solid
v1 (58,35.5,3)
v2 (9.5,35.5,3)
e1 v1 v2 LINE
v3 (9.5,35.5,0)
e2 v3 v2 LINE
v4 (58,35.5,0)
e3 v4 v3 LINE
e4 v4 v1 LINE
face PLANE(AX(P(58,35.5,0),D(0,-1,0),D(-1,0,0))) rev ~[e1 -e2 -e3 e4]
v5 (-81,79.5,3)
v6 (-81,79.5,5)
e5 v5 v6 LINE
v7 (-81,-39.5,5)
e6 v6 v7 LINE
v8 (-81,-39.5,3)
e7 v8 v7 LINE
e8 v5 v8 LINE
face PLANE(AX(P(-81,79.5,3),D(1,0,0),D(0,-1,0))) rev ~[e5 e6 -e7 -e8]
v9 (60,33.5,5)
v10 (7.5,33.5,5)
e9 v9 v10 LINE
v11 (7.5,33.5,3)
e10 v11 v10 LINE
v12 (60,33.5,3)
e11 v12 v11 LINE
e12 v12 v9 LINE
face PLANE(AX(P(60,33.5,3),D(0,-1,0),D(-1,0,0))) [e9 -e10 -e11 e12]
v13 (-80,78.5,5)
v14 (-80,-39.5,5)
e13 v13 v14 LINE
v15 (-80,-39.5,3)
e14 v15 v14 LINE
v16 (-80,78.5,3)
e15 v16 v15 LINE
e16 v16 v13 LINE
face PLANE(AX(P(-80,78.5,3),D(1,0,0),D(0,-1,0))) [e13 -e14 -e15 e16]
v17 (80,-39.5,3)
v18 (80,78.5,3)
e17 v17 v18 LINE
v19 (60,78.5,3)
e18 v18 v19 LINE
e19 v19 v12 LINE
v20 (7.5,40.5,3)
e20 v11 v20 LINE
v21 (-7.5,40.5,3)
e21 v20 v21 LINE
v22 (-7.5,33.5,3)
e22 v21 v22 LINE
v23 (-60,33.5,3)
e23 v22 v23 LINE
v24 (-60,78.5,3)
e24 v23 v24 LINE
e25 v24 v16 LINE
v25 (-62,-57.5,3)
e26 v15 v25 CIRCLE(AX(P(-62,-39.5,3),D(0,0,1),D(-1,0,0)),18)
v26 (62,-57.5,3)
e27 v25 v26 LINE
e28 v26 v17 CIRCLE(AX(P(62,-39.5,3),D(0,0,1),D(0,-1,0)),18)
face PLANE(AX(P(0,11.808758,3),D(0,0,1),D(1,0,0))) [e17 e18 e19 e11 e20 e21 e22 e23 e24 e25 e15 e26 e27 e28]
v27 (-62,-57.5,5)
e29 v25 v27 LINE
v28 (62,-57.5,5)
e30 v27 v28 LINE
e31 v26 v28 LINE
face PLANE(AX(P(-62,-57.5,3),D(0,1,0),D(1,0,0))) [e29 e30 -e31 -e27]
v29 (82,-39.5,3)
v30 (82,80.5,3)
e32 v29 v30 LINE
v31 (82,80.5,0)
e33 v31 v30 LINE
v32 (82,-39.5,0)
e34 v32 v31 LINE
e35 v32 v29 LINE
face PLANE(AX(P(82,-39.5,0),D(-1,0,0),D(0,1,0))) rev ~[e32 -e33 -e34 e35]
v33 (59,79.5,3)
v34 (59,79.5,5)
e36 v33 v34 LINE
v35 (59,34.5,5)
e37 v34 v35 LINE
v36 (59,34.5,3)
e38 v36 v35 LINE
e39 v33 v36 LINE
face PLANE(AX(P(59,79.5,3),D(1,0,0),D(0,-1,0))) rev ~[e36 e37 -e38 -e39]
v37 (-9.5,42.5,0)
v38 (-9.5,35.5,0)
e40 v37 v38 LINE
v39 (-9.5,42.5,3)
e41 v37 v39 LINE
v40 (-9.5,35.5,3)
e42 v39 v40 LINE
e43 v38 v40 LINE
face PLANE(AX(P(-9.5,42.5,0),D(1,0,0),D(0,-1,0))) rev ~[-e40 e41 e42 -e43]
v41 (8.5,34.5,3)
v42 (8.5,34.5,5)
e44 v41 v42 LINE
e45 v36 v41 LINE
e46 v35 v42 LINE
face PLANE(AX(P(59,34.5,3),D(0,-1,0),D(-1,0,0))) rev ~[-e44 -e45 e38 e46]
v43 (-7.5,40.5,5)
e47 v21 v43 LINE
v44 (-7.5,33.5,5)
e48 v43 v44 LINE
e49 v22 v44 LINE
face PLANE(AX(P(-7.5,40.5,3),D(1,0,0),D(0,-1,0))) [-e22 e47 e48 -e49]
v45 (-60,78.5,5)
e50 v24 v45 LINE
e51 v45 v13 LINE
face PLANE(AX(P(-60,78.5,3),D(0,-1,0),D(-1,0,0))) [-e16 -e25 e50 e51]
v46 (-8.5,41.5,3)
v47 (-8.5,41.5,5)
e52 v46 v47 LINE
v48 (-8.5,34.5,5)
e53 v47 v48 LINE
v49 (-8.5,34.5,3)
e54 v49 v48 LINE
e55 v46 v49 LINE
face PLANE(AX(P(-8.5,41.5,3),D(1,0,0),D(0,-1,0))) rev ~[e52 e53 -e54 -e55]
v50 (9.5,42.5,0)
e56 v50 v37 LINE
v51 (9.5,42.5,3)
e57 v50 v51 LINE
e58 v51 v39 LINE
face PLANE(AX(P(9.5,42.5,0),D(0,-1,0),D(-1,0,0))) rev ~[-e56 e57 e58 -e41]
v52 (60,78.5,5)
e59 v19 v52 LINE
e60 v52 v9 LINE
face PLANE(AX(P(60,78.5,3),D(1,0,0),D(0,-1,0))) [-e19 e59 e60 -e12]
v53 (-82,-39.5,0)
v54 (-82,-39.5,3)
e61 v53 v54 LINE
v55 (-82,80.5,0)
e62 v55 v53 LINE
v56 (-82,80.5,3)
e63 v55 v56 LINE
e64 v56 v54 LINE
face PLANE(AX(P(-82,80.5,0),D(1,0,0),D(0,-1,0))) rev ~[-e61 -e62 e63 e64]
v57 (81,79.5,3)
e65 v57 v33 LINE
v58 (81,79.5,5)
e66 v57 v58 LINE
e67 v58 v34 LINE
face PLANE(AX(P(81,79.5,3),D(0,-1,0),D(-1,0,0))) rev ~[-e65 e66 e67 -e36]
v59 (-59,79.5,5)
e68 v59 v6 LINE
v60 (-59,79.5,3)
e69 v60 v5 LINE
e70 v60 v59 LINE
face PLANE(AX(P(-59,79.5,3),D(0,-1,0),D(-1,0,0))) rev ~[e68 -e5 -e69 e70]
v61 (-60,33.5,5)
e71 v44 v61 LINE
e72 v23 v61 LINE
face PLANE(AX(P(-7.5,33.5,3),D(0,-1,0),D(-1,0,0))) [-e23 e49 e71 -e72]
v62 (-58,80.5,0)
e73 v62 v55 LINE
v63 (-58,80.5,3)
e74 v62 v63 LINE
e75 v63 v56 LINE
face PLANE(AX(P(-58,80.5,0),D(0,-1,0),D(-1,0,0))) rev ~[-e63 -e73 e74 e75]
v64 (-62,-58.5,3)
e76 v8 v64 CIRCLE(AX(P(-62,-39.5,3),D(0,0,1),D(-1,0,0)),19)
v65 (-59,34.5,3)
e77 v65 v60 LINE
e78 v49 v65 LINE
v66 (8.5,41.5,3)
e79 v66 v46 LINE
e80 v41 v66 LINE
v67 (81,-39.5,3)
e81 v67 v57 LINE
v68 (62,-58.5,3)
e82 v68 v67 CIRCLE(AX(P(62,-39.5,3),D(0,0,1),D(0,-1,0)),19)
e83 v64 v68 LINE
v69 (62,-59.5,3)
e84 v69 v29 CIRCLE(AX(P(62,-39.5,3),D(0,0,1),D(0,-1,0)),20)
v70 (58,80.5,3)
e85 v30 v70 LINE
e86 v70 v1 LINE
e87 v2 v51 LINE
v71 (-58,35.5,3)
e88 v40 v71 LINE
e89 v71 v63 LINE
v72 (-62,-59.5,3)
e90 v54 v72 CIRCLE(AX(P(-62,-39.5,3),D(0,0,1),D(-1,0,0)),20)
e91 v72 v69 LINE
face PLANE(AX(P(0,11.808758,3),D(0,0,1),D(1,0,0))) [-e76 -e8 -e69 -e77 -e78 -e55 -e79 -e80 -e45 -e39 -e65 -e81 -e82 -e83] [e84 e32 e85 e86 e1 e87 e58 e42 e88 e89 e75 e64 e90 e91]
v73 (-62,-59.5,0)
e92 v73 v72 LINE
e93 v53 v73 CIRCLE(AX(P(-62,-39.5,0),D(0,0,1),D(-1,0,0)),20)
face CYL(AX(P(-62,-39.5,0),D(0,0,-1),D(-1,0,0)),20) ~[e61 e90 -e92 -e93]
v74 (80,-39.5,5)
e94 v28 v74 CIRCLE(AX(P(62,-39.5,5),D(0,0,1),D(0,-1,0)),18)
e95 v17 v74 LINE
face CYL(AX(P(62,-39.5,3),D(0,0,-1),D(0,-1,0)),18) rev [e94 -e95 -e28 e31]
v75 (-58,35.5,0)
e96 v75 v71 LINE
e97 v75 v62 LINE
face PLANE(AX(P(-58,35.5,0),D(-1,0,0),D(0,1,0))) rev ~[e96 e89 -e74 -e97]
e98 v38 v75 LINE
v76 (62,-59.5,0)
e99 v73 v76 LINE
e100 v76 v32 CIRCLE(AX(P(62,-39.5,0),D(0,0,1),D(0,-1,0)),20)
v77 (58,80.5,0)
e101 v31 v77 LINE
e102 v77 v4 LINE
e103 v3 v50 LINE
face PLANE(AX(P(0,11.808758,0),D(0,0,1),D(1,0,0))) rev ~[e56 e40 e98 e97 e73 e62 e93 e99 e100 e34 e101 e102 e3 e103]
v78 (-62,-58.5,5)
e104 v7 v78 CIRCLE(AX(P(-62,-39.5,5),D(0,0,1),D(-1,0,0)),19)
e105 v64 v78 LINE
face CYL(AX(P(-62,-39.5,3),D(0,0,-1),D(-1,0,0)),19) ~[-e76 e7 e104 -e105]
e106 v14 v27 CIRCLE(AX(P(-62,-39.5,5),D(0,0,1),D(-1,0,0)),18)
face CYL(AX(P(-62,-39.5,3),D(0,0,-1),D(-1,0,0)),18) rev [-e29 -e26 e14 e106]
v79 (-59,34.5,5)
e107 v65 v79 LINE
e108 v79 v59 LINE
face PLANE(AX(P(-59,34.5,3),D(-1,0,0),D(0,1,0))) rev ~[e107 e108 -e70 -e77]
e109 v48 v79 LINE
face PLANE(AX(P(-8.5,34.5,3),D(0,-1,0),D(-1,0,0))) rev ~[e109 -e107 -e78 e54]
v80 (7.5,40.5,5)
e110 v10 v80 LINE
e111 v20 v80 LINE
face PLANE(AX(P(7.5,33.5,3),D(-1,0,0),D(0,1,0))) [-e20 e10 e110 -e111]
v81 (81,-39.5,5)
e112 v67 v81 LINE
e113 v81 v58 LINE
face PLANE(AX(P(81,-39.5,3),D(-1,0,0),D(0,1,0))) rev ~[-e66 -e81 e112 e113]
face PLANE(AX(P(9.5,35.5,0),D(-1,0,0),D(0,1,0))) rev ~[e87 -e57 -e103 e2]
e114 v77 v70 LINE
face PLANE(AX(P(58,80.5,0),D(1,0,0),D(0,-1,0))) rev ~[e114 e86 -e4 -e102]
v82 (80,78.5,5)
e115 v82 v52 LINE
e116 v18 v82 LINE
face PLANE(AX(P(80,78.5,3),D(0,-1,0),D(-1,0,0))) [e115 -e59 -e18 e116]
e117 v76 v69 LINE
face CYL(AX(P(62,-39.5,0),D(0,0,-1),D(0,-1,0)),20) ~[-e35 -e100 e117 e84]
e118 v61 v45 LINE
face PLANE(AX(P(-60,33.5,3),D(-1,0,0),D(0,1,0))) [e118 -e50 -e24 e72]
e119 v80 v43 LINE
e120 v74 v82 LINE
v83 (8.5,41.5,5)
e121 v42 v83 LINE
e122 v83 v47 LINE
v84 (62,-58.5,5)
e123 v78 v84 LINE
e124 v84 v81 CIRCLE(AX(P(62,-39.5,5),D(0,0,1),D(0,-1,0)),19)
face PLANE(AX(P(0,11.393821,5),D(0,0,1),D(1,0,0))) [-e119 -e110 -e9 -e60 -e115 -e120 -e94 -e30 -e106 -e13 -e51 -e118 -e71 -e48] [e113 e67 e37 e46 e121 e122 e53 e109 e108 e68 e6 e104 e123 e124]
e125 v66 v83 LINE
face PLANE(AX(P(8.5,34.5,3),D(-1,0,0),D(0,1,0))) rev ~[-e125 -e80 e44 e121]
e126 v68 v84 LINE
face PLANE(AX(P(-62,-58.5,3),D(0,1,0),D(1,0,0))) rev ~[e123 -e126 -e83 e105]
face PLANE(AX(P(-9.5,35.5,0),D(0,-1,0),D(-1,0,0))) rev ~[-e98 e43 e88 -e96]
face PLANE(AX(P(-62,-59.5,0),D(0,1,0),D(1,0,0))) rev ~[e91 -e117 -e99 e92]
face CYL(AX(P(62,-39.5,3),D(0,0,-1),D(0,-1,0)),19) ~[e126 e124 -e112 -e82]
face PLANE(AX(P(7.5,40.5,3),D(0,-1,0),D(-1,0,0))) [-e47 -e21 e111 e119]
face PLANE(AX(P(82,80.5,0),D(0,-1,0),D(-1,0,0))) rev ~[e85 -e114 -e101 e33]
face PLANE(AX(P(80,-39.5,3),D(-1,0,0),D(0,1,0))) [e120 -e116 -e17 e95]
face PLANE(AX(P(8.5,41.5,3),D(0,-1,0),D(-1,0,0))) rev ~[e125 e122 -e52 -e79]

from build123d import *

# Parameters (mm, degrees)
RESSALTO_EXTRUS_O1_DEPTH = 3
RESSALTO_EXTRUS_O2_DEPTH = 2


with BuildPart() as part:
    # Esboço1 → Ressalto-extrusão1 (new body)
    with BuildSketch(Plane.XY):
        with BuildLine():
            Line((-58, 35.5), (-58, 80.5))
            Line((-58, 80.5), (-82, 80.5))
            Line((-82, 80.5), (-82, -39.5))
            ThreePointArc((-82, -39.5), (-76.142135624, -53.642135624), (-62, -59.5))
            Line((-62, -59.5), (62, -59.5))
            ThreePointArc((62, -59.5), (76.142135624, -53.642135624), (82, -39.5))
            Line((82, -39.5), (82, 80.5))
            Line((82, 80.5), (58, 80.5))
            Line((58, 80.5), (58, 35.5))
            Line((58, 35.5), (9.5, 35.5))
            Line((9.5, 35.5), (9.5, 42.5))
            Line((9.5, 42.5), (-9.5, 42.5))
            Line((-9.5, 42.5), (-9.5, 35.5))
            Line((-9.5, 35.5), (-58, 35.5))
        make_face()
    extrude(amount=RESSALTO_EXTRUS_O1_DEPTH)

    # Esboço2 → Ressalto-extrusão2 (add)
    with BuildSketch(Plane.XY.offset(3)):
        with BuildLine():
            Line((-8.5, 34.5), (-59, 34.5))
            Line((-59, 34.5), (-59, 79.5))
            Line((-59, 79.5), (-81, 79.5))
            Line((-81, 79.5), (-81, -39.5))
            ThreePointArc((-81, -39.5), (-75.435028843, -52.935028843), (-62, -58.5))
            Line((-62, -58.5), (62, -58.5))
            ThreePointArc((62, -58.5), (75.435028843, -52.935028843), (81, -39.5))
            Line((81, -39.5), (81, 79.5))
            Line((81, 79.5), (59, 79.5))
            Line((59, 79.5), (59, 34.5))
            Line((59, 34.5), (8.5, 34.5))
            Line((8.5, 34.5), (8.5, 41.5))
            Line((8.5, 41.5), (-8.5, 41.5))
            Line((-8.5, 41.5), (-8.5, 34.5))
        make_face()
        with BuildLine():
            Line((-80, 78.5), (-80, -39.5))
            ThreePointArc((-80, -39.5), (-74.727922061, -52.227922061), (-62, -57.5))
            Line((-62, -57.5), (62, -57.5))
            ThreePointArc((62, -57.5), (74.727922061, -52.227922061), (80, -39.5))
            Line((80, -39.5), (80, 78.5))
            Line((80, 78.5), (60, 78.5))
            Line((60, 78.5), (60, 33.5))
            Line((60, 33.5), (7.5, 33.5))
            Line((7.5, 33.5), (7.5, 40.5))
            Line((7.5, 40.5), (-7.5, 40.5))
            Line((-7.5, 40.5), (-7.5, 33.5))
            Line((-7.5, 33.5), (-60, 33.5))
            Line((-60, 33.5), (-60, 78.5))
            Line((-60, 78.5), (-80, 78.5))
        make_face(mode=Mode.SUBTRACT)
    extrude(amount=RESSALTO_EXTRUS_O2_DEPTH)


solid = part.part
